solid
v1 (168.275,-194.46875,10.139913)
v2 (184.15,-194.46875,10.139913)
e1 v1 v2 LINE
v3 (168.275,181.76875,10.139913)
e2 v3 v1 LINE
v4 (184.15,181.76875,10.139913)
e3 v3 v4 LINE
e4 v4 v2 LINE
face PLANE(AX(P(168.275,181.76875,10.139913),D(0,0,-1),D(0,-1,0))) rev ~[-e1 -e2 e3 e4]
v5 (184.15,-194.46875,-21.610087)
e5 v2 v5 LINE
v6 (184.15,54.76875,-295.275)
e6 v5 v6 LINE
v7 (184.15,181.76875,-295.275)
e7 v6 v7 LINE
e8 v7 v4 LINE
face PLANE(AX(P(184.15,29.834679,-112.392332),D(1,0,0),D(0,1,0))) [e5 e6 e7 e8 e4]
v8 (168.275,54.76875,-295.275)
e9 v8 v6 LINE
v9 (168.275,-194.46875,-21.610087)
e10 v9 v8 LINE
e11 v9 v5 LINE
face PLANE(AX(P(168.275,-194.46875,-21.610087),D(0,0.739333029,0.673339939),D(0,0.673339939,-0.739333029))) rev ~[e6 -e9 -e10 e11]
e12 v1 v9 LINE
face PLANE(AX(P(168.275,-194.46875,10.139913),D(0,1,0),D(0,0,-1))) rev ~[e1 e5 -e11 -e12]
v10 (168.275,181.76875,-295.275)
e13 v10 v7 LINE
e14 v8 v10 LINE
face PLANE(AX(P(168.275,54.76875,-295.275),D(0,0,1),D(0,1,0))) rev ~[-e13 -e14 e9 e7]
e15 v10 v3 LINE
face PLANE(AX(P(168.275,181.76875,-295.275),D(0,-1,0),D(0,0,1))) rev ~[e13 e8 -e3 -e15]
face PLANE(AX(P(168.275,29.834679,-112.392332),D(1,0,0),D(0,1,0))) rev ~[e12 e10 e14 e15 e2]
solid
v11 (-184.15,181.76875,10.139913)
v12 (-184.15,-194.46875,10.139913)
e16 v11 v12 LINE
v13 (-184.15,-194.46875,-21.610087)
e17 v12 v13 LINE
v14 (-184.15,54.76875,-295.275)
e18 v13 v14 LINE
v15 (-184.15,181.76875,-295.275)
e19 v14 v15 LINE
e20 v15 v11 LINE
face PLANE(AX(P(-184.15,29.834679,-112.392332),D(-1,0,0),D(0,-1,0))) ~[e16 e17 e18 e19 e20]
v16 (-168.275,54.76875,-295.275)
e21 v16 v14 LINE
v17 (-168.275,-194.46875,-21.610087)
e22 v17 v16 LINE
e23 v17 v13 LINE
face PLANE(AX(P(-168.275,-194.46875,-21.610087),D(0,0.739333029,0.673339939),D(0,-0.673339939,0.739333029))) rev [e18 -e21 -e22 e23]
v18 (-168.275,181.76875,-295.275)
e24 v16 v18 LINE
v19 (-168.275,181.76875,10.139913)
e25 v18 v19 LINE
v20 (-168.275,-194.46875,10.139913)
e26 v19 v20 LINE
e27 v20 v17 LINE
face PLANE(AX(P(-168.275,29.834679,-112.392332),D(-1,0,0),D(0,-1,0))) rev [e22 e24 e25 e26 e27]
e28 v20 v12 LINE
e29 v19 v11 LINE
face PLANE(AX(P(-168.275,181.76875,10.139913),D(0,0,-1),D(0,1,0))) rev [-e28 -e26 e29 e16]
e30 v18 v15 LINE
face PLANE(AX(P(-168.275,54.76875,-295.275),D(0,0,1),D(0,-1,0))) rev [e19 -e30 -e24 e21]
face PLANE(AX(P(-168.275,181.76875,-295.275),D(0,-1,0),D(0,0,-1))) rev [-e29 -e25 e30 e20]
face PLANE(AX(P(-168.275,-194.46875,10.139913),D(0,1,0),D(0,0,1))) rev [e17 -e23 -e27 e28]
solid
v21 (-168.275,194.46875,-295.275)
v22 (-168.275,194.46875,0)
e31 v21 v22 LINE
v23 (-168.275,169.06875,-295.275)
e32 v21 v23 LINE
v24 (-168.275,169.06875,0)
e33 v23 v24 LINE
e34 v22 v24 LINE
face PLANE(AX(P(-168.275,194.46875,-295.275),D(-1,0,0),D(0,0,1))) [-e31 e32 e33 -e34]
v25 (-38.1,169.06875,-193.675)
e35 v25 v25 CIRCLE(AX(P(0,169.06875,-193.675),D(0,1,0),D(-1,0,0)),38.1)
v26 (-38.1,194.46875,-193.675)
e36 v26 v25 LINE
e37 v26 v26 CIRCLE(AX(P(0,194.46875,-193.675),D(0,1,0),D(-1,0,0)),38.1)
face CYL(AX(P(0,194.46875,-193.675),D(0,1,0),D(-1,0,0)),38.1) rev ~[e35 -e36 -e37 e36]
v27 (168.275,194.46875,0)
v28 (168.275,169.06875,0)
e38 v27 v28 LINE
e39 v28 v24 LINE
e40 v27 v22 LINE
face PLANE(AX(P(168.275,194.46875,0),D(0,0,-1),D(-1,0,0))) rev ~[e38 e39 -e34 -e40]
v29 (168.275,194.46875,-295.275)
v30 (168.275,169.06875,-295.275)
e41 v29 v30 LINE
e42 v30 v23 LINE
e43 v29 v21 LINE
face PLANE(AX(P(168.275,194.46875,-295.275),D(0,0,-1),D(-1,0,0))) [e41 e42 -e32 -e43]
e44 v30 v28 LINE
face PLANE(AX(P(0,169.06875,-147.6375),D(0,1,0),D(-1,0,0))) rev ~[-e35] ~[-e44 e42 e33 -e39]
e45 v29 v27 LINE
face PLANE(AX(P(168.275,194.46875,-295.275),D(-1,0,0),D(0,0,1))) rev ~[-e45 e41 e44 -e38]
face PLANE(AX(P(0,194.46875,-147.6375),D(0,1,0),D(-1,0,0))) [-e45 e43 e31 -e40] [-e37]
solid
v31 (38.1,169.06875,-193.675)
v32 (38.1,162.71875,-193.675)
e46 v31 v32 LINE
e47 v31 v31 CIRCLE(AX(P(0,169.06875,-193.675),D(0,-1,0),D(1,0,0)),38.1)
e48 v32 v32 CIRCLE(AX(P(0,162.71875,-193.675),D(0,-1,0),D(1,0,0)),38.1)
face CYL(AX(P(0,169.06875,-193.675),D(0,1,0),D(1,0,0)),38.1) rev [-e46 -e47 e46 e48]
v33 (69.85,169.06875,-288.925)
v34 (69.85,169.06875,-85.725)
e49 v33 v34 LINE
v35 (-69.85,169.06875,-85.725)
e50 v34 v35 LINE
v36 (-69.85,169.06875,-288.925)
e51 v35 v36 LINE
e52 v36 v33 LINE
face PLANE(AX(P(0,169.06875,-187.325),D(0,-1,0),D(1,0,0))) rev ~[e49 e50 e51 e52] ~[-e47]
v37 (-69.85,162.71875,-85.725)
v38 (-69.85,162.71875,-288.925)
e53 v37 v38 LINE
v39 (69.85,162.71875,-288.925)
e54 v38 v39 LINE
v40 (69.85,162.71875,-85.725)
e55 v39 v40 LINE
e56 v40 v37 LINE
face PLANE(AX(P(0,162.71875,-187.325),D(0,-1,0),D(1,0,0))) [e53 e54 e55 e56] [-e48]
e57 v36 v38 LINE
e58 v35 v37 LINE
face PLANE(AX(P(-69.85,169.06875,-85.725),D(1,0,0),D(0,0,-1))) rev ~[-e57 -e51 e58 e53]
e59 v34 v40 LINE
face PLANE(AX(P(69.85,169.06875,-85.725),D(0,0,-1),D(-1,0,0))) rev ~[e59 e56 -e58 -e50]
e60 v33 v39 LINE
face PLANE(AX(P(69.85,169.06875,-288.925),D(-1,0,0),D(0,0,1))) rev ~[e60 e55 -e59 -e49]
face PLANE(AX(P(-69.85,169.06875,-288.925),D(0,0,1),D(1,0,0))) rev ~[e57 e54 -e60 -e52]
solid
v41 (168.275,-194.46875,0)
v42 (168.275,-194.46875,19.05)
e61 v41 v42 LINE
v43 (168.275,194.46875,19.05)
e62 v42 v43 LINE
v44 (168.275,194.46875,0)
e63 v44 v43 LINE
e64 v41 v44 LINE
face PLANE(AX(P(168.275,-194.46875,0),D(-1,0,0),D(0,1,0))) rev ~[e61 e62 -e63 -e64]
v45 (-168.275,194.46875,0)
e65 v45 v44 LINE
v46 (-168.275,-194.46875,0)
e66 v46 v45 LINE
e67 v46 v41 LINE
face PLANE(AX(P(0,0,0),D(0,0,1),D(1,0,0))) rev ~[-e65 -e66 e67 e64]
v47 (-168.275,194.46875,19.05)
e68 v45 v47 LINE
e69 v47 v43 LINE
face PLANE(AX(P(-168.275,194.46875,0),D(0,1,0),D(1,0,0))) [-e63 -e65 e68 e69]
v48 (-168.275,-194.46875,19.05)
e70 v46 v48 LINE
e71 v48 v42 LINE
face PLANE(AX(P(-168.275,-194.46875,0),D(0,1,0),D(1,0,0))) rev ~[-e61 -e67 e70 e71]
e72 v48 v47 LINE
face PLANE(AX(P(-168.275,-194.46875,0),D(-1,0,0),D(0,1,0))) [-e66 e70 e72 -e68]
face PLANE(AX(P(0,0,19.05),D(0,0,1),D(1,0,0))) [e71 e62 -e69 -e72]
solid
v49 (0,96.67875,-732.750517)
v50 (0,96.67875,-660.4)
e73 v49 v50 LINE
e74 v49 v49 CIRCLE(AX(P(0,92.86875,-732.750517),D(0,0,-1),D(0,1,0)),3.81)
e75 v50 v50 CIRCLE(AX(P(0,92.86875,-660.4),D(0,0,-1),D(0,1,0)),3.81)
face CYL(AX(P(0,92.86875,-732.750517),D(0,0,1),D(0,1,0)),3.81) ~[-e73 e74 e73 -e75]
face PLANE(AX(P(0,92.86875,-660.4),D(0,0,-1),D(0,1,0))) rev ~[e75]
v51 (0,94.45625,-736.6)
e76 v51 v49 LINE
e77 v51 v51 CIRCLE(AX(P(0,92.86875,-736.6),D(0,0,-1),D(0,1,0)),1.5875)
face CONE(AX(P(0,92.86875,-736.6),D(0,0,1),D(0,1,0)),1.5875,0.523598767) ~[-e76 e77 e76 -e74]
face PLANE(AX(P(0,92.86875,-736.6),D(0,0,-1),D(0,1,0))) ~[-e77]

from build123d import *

# Parameters (mm, degrees)
F0_W     = 336.55
F0_H     = 388.9375
F1_DEPTH = 19.05
F2_W     = 336.55
F2_H     = 295.275
F2_R     = 38.1
F3_DEPTH = 25.4
F5_DEPTH = 15.875
F7_R     = 38.1
F8_DEPTH = 6.35


with BuildPart() as f1:
    # F0 (on Top) → F1 (new body)
    with BuildSketch(Plane.XY):
        Rectangle(F0_W, F0_H)
    extrude(amount=F1_DEPTH)


with BuildPart() as f3:
    # F2 (on face) → F3 (new body)
    with BuildSketch(Plane(origin=(0, 194.46875, 0), x_dir=(-1, 0, 0), z_dir=(0, 1, 0))):
        with Locations((0, -147.6375)):
            Rectangle(F2_W, F2_H)
        with Locations((0, -193.675)):
            Circle(F2_R, mode=Mode.SUBTRACT)
    extrude(amount=-F3_DEPTH)


with BuildPart() as f5:
    # F4 (on face) → F5 (new body)
    with BuildSketch(Plane.YZ.offset(168.275)):
        Polygon((181.76875, 10.139913), (-194.46875, 10.139913), (-194.46875, -21.610087), (54.76875, -295.275), (181.76875, -295.275), align=None)
    extrude(amount=F5_DEPTH)


with BuildPart() as f6_1:
    # F6: instance of F5
    add(f5.part.mirror(Plane.YZ))


with BuildPart() as f8:
    # F7 (on face) → F8 (new body)
    with BuildSketch(Plane.XZ.offset(-169.06875)):
        Polygon((-69.85, -85.725), (-69.85, -288.925), (0, -288.925), (69.85, -288.925), (69.85, -85.725), (0, -85.725), align=None)
        with Locations((0, -193.675)):
            Circle(F7_R, mode=Mode.SUBTRACT)
    extrude(amount=F8_DEPTH)


with BuildPart() as f10:
    # F9 (on Right) → F10 (revolve)
    with BuildSketch(Plane.YZ):
        Polygon((96.67875, -660.4), (92.86875, -660.4), (92.86875, -736.6), (94.45625, -736.6), (96.67875, -732.750517), align=None)
    revolve(axis=Axis((0, 92.86875, -698.5), (0, 0, -1)))


solid = Compound([f1.part, f3.part, f5.part, f6_1.part, f8.part, f10.part])
